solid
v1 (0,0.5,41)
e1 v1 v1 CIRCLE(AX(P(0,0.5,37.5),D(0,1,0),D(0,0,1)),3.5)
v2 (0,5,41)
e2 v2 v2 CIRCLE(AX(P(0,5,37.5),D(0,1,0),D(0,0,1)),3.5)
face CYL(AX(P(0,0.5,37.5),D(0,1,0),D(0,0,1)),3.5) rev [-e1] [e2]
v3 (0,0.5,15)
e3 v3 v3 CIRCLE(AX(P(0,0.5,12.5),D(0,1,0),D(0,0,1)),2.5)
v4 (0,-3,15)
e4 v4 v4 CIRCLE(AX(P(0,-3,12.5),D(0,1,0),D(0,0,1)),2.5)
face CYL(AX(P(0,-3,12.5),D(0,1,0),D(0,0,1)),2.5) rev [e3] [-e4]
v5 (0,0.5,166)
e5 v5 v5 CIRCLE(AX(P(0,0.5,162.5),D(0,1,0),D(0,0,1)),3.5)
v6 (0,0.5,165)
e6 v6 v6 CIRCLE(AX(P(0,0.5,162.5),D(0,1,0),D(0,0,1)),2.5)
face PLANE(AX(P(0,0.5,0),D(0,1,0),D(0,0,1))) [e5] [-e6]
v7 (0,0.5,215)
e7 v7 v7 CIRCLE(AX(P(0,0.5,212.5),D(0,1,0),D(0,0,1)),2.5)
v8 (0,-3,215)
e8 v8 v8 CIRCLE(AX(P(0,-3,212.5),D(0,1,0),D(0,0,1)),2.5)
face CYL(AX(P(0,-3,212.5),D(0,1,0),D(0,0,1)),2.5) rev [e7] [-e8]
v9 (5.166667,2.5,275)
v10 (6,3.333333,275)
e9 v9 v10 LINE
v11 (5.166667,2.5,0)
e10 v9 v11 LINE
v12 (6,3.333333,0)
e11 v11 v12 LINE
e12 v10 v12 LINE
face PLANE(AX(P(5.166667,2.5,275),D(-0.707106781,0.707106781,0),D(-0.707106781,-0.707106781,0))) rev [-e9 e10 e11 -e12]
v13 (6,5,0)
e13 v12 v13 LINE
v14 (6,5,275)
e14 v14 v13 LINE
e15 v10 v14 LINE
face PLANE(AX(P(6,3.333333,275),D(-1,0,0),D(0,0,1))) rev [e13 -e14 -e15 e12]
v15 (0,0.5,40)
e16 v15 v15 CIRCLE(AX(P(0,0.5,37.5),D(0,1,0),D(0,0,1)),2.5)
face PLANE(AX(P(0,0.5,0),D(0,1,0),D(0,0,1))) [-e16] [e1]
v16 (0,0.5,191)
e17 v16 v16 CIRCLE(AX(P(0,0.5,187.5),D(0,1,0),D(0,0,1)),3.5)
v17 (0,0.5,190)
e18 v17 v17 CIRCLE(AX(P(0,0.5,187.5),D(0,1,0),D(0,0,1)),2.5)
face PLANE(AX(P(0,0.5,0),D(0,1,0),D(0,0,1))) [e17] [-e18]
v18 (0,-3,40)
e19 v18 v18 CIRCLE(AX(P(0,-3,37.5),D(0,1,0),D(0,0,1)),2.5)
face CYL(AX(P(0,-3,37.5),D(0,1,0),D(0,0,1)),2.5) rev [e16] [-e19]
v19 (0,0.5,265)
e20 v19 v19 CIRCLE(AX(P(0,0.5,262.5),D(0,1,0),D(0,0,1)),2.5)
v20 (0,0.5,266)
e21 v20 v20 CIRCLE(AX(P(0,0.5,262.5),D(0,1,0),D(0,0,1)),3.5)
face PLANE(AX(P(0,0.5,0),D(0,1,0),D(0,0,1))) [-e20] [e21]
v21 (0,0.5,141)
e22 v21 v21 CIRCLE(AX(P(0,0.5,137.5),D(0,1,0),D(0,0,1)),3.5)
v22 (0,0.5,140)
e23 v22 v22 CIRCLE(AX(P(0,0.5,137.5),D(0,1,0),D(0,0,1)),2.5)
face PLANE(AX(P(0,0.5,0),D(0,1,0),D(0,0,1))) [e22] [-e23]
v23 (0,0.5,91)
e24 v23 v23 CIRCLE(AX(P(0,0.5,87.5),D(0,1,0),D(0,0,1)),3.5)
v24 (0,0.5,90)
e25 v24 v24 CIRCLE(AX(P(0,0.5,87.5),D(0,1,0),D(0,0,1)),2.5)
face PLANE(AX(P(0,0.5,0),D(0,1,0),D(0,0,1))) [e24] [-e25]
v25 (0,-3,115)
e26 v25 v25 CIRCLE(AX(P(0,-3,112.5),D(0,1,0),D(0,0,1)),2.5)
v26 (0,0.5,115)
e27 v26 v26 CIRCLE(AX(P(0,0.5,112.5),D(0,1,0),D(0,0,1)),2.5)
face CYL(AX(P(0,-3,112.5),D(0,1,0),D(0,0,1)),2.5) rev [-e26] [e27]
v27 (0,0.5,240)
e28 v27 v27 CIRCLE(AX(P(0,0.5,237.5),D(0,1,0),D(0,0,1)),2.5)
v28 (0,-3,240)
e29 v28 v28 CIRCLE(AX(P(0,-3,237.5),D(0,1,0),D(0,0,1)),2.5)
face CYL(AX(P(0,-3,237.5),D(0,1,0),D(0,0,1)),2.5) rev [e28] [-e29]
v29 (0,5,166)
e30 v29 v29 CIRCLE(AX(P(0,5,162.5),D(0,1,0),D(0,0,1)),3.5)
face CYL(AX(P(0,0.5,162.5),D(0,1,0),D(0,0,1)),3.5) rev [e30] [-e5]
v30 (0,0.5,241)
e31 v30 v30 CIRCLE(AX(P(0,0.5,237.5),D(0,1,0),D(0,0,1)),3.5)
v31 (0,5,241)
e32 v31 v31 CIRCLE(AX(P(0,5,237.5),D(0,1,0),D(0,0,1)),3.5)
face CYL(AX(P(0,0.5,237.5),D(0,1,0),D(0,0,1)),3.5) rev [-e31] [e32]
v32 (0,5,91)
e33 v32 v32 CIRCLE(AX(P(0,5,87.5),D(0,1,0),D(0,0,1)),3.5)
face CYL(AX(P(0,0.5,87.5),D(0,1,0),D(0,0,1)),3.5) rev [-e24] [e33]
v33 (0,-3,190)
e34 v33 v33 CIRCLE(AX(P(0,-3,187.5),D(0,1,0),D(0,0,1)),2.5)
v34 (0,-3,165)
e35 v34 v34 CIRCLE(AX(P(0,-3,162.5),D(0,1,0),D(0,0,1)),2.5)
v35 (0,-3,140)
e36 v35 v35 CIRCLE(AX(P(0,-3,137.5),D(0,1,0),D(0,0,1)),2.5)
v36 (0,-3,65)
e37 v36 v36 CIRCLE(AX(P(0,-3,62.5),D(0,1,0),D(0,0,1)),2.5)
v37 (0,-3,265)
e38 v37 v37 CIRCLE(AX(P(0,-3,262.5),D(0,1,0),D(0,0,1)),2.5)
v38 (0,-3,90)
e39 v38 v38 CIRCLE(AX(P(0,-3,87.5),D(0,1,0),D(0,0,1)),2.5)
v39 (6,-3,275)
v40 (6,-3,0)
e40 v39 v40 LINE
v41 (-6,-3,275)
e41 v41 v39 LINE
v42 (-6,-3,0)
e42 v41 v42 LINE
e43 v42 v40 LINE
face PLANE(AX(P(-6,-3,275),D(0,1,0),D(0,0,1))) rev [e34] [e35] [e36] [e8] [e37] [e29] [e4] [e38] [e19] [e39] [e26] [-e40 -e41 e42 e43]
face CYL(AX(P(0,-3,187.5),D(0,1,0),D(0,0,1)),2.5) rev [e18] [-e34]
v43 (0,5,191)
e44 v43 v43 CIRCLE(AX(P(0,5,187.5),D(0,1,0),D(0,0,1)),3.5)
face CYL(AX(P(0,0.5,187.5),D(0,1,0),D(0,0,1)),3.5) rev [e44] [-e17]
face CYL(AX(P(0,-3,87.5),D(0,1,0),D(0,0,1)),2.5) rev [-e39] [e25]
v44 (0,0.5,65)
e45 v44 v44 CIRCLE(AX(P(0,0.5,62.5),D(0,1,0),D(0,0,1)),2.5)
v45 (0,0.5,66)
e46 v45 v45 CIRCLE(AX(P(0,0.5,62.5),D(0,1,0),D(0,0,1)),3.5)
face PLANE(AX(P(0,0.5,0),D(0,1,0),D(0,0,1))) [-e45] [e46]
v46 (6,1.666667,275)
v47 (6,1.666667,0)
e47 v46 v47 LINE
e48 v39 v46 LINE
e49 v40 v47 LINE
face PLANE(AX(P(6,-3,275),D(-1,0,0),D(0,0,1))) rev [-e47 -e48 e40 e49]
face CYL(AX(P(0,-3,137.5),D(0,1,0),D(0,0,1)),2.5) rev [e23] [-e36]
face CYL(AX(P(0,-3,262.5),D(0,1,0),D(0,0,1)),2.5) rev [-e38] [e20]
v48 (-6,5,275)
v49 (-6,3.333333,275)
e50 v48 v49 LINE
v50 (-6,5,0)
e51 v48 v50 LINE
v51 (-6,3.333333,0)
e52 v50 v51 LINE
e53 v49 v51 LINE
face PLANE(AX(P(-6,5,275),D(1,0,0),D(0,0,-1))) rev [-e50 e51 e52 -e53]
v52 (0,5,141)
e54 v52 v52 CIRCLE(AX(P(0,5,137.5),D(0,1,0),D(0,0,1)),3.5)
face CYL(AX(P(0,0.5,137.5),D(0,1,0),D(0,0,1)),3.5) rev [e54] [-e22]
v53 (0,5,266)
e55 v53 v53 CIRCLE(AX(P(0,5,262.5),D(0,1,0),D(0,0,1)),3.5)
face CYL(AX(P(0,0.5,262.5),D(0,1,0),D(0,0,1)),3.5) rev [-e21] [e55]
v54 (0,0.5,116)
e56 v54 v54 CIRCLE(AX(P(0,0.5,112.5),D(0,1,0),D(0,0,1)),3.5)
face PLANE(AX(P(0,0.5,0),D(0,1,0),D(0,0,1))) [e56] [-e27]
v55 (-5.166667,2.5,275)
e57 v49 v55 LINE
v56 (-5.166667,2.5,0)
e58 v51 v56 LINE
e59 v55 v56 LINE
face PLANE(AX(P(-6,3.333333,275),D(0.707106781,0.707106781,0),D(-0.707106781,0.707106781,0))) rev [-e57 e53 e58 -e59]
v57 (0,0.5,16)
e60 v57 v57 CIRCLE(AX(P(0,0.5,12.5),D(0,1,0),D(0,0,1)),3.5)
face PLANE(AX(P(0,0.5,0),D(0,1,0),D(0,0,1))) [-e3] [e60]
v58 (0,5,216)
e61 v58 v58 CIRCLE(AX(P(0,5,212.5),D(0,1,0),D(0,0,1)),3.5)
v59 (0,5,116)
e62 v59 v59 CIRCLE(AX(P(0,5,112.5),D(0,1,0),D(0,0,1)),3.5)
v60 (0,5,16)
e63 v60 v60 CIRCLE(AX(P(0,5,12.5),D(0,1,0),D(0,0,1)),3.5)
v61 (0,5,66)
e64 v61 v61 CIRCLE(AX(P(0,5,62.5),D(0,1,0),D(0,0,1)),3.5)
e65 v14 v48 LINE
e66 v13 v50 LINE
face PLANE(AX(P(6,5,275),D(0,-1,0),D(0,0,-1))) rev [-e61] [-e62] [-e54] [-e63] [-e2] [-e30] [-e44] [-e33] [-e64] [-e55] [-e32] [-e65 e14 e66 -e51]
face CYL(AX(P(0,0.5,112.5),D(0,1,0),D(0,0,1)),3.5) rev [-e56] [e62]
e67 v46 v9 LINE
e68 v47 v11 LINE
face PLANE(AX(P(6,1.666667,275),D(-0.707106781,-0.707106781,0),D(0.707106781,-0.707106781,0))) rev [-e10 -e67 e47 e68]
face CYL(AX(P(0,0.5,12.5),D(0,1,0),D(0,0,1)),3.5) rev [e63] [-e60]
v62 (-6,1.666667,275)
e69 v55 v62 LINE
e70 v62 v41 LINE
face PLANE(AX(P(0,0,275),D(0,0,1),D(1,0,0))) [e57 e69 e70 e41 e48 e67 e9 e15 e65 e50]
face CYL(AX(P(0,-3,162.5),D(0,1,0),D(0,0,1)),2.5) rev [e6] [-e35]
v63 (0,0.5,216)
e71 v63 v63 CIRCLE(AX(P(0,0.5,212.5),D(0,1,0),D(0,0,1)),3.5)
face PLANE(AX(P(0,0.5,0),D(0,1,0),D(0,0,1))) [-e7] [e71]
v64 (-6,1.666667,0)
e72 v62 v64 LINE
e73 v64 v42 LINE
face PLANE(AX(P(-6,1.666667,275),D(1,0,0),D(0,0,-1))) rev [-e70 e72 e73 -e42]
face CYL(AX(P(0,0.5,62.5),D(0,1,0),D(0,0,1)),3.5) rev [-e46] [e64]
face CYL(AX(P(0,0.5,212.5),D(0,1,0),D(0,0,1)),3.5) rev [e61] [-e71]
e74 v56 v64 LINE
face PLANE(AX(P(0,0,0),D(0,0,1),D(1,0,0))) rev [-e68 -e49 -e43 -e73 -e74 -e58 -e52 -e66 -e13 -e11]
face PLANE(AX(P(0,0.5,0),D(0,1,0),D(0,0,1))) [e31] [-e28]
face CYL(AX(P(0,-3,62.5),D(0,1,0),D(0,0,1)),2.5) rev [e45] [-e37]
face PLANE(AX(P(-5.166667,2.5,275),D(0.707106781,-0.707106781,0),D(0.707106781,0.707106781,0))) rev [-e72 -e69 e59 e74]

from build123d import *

# Parameters (mm, degrees)
BOSS_EXTRUDE1_DEPTH = 275
SKETCH2_R           = 2.5
CUT_EXTRUDE1_DEPTH  = 9
SKETCH2_3_R         = 3.5
SKETCH2_3_R_2       = 2.5
CUT_EXTRUDE2_DEPTH  = 4.5


with BuildPart() as part:
    # Sketch1 → Boss-Extrude1 (new body)
    with BuildSketch(Plane.XY):
        Polygon((6, -3), (6, 1.666666667), (5.166666667, 2.5), (6, 3.333333333), (6, 5), (-6, 5), (-6, 3.333333333), (-5.166666667, 2.5), (-6, 1.666666667), (-6, -3), align=None)
    extrude(amount=BOSS_EXTRUDE1_DEPTH)

    # Sketch2 → Cut-Extrude1 (cut, through all)
    with BuildSketch(Plane(origin=(0, 5, 0), x_dir=(1, 0, 0), z_dir=(0, 1, 0))):
        with Locations((0, -12.5)):
            Circle(SKETCH2_R)
        with Locations((0, -262.5)):
            Circle(SKETCH2_R)
        with Locations((0, -137.5)):
            Circle(SKETCH2_R)
        with Locations((0, -37.5)):
            Circle(SKETCH2_R)
        with Locations((0, -62.5)):
            Circle(SKETCH2_R)
        with Locations((0, -87.5)):
            Circle(SKETCH2_R)
        with Locations((0, -112.5)):
            Circle(SKETCH2_R)
        with Locations((0, -162.5)):
            Circle(SKETCH2_R)
        with Locations((0, -187.5)):
            Circle(SKETCH2_R)
        with Locations((0, -212.5)):
            Circle(SKETCH2_R)
        with Locations((0, -237.5)):
            Circle(SKETCH2_R)
    extrude(amount=-CUT_EXTRUDE1_DEPTH, mode=Mode.SUBTRACT)

    # Sketch2<3> → Cut-Extrude2 (cut)
    with BuildSketch(Plane(origin=(0, 5, 0), x_dir=(1, 0, 0), z_dir=(0, 1, 0))):
        with Locations((0, -12.5)):
            Circle(SKETCH2_3_R)
        with Locations((0, -12.5)):
            Circle(SKETCH2_3_R_2, mode=Mode.SUBTRACT)
        with Locations((0, -262.5)):
            Circle(SKETCH2_3_R)
        with Locations((0, -262.5)):
            Circle(SKETCH2_3_R_2, mode=Mode.SUBTRACT)
        with Locations((0, -137.5)):
            Circle(SKETCH2_3_R)
        with Locations((0, -137.5)):
            Circle(SKETCH2_3_R_2, mode=Mode.SUBTRACT)
        with Locations((0, -37.5)):
            Circle(SKETCH2_3_R)
        with Locations((0, -37.5)):
            Circle(SKETCH2_3_R_2, mode=Mode.SUBTRACT)
        with Locations((0, -62.5)):
            Circle(SKETCH2_3_R)
        with Locations((0, -62.5)):
            Circle(SKETCH2_3_R_2, mode=Mode.SUBTRACT)
        with Locations((0, -87.5)):
            Circle(SKETCH2_3_R)
        with Locations((0, -87.5)):
            Circle(SKETCH2_3_R_2, mode=Mode.SUBTRACT)
        with Locations((0, -112.5)):
            Circle(SKETCH2_3_R)
        with Locations((0, -112.5)):
            Circle(SKETCH2_3_R_2, mode=Mode.SUBTRACT)
        with Locations((0, -162.5)):
            Circle(SKETCH2_3_R)
        with Locations((0, -162.5)):
            Circle(SKETCH2_3_R_2, mode=Mode.SUBTRACT)
        with Locations((0, -187.5)):
            Circle(SKETCH2_3_R)
        with Locations((0, -187.5)):
            Circle(SKETCH2_3_R_2, mode=Mode.SUBTRACT)
        with Locations((0, -212.5)):
            Circle(SKETCH2_3_R)
        with Locations((0, -212.5)):
            Circle(SKETCH2_3_R_2, mode=Mode.SUBTRACT)
        with Locations((0, -237.5)):
            Circle(SKETCH2_3_R)
        with Locations((0, -237.5)):
            Circle(SKETCH2_3_R_2, mode=Mode.SUBTRACT)
    extrude(amount=-CUT_EXTRUDE2_DEPTH, mode=Mode.SUBTRACT)


solid = part.part
